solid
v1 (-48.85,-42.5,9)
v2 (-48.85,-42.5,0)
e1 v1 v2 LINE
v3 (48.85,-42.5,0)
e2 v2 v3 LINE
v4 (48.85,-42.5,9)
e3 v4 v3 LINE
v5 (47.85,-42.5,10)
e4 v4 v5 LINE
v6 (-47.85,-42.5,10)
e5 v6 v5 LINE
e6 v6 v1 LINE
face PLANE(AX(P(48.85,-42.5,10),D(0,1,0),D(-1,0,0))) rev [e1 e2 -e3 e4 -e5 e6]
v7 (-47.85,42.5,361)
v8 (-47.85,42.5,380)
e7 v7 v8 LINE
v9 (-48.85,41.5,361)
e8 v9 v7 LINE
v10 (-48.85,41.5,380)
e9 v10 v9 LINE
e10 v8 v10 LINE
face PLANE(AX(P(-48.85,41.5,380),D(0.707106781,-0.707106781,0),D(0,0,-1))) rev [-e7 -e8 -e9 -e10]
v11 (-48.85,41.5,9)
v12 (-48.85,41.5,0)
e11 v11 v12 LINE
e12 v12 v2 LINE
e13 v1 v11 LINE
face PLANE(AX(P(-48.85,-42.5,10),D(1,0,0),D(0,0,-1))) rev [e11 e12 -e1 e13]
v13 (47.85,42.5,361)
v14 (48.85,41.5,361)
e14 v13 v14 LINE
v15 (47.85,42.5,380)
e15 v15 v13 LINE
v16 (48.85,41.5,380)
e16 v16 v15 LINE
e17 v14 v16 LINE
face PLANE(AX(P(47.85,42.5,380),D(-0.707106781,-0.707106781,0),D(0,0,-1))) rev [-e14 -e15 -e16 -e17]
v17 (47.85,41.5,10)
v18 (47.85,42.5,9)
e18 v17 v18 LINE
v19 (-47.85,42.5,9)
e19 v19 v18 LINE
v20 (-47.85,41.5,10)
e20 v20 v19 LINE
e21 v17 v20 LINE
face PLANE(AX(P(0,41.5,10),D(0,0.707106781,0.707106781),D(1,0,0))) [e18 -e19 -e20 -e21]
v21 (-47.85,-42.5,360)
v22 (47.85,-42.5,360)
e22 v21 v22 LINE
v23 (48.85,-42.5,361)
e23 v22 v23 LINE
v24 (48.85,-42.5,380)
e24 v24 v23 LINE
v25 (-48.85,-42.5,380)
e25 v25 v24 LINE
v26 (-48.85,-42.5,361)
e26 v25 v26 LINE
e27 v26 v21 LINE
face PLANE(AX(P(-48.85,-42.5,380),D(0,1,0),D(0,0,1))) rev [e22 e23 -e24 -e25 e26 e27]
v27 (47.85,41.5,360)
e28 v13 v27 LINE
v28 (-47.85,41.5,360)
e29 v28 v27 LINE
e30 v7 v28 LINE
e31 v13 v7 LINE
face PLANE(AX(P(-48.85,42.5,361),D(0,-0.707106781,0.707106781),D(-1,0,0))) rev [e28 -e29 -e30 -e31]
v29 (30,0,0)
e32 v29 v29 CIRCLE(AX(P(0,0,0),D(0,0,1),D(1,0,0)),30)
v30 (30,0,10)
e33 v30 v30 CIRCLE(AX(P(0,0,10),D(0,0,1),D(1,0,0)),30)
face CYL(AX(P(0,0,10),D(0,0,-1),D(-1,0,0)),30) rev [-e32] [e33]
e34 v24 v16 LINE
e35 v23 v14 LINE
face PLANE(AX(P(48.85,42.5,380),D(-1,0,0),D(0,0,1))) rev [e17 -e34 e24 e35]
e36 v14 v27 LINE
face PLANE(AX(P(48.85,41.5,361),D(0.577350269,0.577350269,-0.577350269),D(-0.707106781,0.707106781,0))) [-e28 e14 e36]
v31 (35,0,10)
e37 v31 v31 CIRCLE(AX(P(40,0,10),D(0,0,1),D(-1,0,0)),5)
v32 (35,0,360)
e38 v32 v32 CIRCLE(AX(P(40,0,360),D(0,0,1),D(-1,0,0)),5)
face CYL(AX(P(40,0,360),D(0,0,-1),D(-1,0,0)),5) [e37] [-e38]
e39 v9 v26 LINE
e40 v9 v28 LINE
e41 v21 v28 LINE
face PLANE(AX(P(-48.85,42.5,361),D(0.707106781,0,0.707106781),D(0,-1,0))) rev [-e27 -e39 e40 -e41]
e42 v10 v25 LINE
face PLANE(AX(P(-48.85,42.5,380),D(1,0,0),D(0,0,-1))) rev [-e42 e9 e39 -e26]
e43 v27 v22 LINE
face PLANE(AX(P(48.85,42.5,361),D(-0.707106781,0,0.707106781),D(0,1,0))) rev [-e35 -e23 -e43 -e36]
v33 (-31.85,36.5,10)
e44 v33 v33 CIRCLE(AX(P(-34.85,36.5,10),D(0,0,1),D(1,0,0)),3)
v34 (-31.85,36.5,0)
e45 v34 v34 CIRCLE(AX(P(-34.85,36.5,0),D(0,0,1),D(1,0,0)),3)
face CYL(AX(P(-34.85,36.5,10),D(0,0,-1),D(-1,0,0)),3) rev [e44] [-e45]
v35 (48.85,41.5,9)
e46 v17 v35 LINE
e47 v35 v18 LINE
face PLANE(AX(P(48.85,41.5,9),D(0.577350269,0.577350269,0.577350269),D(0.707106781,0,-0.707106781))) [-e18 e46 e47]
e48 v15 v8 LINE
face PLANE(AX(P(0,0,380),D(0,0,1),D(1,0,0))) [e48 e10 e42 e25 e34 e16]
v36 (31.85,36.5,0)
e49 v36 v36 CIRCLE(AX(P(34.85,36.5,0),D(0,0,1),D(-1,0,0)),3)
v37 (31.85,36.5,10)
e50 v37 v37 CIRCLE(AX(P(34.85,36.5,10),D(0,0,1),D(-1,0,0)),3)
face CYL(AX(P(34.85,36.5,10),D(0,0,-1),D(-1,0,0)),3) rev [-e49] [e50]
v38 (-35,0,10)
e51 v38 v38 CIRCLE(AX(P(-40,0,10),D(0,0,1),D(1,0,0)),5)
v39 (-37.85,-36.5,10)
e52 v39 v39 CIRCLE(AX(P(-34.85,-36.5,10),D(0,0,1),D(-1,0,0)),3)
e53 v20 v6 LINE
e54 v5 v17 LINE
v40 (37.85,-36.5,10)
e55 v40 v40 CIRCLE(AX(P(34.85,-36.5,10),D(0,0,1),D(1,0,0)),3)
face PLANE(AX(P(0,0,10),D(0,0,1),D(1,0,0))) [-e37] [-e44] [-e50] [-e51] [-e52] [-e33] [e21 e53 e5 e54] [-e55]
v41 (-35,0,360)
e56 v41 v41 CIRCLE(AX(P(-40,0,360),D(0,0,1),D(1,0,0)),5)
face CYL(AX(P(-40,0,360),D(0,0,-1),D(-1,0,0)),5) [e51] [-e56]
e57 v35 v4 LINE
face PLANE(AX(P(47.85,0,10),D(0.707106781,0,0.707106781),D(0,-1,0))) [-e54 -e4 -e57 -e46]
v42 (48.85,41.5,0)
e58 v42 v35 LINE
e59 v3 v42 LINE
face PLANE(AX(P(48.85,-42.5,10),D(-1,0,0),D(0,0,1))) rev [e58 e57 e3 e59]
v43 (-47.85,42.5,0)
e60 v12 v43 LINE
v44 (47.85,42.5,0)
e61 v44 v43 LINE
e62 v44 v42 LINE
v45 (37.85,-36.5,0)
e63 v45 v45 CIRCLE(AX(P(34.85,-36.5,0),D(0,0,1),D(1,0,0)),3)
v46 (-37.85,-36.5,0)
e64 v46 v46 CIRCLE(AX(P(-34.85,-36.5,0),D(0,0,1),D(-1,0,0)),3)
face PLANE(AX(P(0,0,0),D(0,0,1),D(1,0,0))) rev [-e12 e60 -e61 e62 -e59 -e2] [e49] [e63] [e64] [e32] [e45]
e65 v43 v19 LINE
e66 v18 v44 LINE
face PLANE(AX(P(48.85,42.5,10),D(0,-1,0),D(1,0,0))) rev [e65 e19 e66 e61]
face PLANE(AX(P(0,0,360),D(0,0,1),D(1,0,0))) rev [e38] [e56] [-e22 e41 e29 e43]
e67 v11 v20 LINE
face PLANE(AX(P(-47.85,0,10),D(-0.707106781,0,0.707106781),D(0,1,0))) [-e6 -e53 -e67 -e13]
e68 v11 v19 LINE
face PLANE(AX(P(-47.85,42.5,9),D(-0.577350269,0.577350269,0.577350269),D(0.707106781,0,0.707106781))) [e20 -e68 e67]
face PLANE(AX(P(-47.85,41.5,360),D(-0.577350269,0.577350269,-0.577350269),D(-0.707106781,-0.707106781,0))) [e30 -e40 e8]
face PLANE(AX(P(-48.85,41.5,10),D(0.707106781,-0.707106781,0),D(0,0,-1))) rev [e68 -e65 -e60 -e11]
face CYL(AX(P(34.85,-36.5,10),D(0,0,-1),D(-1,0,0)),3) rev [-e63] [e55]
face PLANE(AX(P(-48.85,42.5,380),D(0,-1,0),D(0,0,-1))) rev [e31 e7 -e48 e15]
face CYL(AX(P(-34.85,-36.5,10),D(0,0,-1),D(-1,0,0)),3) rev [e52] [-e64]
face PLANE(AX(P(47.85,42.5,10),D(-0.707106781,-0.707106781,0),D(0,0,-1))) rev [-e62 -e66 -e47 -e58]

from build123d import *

# Parameters (mm, degrees)
CROQUIS1_W              = 97.7
CROQUIS1_H              = 85
CROQUIS1_R              = 3
CROQUIS1_R_2            = 30
SALIENTE_EXTRUIR1_DEPTH = 10
CROQUIS2_R              = 5
SALIENTE_EXTRUIR2_DEPTH = 350
CROQUIS3_W              = 97.7
CROQUIS3_H              = 85
SALIENTE_EXTRUIR3_DEPTH = 20
CHAFL_N1_SIZE           = 1


with BuildPart() as part:
    # Croquis1 → Saliente-Extruir1 (new body)
    with BuildSketch(Plane.XY):
        Rectangle(CROQUIS1_W, CROQUIS1_H)
        with Locations((-34.85, 36.5)):
            Circle(CROQUIS1_R, mode=Mode.SUBTRACT)
        Circle(CROQUIS1_R_2, mode=Mode.SUBTRACT)
        with Locations(Location((34.85, 36.5, 0), (0, 0, 180))):
            Circle(CROQUIS1_R, mode=Mode.SUBTRACT)
        with Locations((34.85, -36.5)):
            Circle(CROQUIS1_R, mode=Mode.SUBTRACT)
        with Locations(Location((-34.85, -36.5, 0), (0, 0, 180))):
            Circle(CROQUIS1_R, mode=Mode.SUBTRACT)
    extrude(amount=SALIENTE_EXTRUIR1_DEPTH)

    # Croquis2 → Saliente-Extruir2 (add)
    with BuildSketch(Plane.XY.offset(10)):
        with Locations((-40, 0)):
            Circle(CROQUIS2_R)
        with Locations(Location((40, 0, 0), (0, 0, 180))):
            Circle(CROQUIS2_R)
    extrude(amount=SALIENTE_EXTRUIR2_DEPTH)

    # Croquis3 → Saliente-Extruir3 (add)
    with BuildSketch(Plane.XY.offset(360)):
        Rectangle(CROQUIS3_W, CROQUIS3_H)
    extrude(amount=SALIENTE_EXTRUIR3_DEPTH)

    # Chaflán1
    chafl_n1_edges = [part.edges().sort_by_distance(p)[0] for p in [
        (48.85, 0, 10),
        (0, 42.5, 10),
        (-48.85, 0, 360),
        (-48.85, 42.5, 370),
        (48.85, 0, 360),
        (0, 42.5, 360),
        (48.85, 42.5, 370),
        (-48.85, 0, 10),
        (-48.85, 42.5, 5),
        (48.85, 42.5, 5),
    ]]
    chamfer(chafl_n1_edges, length=CHAFL_N1_SIZE)


solid = part.part
